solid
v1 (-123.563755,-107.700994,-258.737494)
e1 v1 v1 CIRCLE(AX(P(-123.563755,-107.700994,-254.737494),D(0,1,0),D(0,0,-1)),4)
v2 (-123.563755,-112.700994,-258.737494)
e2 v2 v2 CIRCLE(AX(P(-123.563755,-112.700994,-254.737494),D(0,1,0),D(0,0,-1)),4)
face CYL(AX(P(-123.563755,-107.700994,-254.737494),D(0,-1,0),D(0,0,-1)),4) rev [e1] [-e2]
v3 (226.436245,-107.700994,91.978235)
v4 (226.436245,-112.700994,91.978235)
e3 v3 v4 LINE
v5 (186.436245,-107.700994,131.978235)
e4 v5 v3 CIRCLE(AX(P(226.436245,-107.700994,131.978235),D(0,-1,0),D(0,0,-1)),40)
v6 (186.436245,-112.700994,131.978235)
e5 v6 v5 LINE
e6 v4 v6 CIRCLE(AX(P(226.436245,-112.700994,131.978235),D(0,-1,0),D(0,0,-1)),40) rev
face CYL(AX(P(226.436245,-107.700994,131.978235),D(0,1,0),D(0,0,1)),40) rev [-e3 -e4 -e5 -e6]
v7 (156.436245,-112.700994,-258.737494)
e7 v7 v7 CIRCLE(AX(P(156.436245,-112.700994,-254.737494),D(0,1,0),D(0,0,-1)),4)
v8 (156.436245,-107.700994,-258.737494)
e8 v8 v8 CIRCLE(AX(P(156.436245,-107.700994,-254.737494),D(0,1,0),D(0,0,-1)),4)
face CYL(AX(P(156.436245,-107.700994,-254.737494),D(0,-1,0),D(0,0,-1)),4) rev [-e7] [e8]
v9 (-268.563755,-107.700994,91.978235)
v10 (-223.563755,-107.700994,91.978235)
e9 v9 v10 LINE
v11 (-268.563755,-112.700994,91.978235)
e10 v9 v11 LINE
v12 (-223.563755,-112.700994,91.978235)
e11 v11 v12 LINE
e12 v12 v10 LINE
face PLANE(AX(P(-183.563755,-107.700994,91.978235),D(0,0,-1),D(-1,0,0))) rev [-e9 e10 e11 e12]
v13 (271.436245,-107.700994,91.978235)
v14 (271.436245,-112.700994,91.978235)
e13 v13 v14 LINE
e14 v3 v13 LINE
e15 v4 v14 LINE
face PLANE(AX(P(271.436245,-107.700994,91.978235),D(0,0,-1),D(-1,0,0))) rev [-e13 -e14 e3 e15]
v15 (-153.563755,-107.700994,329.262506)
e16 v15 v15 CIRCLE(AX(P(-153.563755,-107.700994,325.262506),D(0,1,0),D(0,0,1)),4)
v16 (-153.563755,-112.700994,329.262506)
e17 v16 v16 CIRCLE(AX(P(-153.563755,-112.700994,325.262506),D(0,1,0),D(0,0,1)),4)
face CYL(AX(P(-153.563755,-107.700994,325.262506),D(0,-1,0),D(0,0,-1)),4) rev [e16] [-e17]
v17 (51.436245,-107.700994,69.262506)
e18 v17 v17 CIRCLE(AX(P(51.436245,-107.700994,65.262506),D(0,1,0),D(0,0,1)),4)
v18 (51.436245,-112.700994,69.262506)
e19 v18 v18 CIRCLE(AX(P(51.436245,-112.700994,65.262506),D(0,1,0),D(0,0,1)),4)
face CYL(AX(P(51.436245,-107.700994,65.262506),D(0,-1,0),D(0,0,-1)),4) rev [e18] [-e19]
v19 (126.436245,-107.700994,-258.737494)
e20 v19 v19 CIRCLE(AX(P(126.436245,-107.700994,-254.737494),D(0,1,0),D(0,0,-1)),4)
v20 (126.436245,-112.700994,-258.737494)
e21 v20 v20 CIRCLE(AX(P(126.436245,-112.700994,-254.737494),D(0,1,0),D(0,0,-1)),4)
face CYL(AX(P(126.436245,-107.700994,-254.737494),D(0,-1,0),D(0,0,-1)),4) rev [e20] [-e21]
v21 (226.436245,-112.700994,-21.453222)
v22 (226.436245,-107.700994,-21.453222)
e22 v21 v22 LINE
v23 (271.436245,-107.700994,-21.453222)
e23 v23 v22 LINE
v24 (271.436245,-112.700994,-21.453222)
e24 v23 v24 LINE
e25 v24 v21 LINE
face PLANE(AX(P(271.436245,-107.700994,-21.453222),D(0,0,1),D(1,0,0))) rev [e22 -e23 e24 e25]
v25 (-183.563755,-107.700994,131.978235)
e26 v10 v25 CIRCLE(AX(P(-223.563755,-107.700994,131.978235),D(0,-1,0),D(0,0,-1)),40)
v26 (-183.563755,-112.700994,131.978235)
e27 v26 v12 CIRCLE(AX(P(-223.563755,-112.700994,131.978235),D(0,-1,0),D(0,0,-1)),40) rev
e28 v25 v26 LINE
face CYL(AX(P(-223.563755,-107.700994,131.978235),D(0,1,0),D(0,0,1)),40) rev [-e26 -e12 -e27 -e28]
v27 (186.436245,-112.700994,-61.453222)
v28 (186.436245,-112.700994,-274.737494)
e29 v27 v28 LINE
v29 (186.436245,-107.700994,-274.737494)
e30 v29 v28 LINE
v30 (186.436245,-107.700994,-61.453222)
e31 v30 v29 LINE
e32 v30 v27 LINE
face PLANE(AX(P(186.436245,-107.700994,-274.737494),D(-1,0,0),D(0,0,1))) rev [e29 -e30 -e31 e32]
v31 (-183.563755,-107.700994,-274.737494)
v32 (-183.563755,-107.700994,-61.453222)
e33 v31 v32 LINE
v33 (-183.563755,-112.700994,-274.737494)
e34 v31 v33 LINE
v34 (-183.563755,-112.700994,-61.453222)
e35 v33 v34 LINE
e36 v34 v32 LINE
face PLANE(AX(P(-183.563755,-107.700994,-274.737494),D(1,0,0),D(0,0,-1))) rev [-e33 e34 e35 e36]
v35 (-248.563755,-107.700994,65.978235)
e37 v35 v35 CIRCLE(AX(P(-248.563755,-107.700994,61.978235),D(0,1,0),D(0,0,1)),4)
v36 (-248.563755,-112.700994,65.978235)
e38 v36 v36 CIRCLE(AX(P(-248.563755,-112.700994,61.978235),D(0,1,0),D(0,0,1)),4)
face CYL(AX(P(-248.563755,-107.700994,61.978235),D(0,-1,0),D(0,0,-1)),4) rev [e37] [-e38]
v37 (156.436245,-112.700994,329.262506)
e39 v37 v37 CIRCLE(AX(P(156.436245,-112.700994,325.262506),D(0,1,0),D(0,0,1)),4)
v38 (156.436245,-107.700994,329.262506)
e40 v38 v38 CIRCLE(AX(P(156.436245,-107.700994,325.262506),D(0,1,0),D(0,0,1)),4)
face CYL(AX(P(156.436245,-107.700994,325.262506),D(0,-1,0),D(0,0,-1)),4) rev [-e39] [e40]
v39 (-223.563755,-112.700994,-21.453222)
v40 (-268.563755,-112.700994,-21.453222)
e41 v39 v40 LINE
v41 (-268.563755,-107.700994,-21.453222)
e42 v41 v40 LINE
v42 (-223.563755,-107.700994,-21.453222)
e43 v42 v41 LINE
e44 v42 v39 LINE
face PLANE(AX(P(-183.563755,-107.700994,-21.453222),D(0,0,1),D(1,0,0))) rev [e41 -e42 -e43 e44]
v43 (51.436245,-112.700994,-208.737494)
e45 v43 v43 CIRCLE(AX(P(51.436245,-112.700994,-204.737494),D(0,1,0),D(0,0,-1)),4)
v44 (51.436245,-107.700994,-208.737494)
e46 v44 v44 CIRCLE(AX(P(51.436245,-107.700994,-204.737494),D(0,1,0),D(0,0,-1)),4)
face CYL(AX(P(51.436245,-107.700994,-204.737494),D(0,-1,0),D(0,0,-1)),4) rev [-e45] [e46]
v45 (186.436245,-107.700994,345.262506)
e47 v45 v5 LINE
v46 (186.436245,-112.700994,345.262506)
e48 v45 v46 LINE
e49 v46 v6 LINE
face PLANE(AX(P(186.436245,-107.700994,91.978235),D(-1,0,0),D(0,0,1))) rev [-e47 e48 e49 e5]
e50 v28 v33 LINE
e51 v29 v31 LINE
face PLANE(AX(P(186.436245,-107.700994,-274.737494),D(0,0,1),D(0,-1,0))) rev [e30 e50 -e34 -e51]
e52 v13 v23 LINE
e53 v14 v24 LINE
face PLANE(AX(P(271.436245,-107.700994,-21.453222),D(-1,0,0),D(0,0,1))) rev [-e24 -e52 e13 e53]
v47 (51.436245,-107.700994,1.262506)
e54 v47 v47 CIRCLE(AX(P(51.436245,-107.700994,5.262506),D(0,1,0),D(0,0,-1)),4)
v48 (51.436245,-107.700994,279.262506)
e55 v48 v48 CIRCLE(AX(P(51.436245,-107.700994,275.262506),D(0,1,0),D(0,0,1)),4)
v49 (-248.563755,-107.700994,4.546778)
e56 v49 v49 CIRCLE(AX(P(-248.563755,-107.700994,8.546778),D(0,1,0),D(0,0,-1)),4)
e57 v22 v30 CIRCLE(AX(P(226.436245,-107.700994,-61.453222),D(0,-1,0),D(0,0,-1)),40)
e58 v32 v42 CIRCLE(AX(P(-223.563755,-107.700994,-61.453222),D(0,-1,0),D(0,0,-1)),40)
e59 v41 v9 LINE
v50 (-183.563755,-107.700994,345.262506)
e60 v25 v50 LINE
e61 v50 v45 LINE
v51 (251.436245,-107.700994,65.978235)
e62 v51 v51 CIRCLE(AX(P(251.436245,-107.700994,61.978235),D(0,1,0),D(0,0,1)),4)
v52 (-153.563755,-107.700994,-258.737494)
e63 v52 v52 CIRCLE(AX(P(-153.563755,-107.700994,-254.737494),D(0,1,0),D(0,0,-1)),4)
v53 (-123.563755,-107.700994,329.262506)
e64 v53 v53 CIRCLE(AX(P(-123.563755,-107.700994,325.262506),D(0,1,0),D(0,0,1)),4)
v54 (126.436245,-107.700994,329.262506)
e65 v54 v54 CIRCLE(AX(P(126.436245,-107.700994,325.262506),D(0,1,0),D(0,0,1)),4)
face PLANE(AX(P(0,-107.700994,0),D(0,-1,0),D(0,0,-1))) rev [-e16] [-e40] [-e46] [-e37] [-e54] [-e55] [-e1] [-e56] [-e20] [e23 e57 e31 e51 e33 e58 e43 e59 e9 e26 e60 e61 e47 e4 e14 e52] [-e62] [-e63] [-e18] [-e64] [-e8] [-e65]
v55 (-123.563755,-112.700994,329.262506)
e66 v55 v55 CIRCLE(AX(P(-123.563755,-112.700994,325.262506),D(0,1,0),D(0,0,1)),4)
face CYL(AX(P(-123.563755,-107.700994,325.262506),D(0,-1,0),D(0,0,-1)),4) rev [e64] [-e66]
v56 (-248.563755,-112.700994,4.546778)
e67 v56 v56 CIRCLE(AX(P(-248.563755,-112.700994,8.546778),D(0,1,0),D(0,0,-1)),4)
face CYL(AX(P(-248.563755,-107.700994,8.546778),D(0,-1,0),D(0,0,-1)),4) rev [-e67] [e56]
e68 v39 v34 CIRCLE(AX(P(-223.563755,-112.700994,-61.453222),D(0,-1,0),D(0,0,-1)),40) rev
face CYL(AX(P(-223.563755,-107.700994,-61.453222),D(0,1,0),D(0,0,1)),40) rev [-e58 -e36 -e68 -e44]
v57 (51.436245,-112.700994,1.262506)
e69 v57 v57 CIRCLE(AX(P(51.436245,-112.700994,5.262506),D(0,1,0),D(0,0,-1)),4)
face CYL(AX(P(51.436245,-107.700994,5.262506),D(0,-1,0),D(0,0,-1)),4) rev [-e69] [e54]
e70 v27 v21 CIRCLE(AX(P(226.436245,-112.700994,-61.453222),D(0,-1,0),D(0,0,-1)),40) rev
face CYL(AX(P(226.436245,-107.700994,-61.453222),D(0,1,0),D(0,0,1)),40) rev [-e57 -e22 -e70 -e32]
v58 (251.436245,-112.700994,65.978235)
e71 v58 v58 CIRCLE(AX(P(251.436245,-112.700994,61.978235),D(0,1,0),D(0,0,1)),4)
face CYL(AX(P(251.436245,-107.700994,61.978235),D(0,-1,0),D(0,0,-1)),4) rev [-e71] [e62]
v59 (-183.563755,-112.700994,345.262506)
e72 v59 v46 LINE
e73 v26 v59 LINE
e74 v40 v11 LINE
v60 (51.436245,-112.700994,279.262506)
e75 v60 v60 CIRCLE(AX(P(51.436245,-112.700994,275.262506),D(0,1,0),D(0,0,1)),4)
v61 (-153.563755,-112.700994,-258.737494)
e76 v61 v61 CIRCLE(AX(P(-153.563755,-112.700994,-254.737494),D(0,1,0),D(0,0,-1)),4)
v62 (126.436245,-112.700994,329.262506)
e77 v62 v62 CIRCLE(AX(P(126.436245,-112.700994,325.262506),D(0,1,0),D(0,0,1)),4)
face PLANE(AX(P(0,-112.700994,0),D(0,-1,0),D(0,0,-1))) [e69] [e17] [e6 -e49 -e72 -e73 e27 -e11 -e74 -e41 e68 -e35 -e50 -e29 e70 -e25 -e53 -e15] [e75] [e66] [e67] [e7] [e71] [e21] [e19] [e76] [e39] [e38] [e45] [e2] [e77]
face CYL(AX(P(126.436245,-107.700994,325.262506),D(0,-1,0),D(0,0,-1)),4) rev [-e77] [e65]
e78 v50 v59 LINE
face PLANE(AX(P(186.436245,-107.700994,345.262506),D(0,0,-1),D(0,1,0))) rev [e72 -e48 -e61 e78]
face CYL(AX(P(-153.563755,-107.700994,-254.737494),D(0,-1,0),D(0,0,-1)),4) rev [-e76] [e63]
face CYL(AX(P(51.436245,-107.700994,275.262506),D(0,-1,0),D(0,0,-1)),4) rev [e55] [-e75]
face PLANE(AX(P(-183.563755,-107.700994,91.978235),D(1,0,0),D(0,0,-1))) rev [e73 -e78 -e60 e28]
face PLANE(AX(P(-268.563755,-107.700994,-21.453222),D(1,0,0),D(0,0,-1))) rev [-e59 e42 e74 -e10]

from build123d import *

# Parameters (mm, degrees)
SKETCH2_R           = 4
BOSS_EXTRUDE1_DEPTH = 5
FILLET1_R           = 40


with BuildPart() as part:
    # Sketch2 → Boss-Extrude1 (new body)
    with BuildSketch(Plane(origin=(0, -112.700994014, 0), x_dir=(1, 0, 0), z_dir=(0, 1, 0))):
        Polygon((271.436244825, 21.453222376), (186.436244825, 21.453222376), (186.436244825, 274.737493623), (-183.563755175, 274.737493623), (-183.563755175, 21.453222376), (-268.563755175, 21.453222376), (-268.563755175, -91.978235129), (-183.563755175, -91.978235129), (-183.563755175, -345.262506377), (186.436244825, -345.262506377), (186.436244825, -91.978235129), (271.436244825, -91.978235129), align=None)
        with Locations(Location((156.436244825, -325.262506377, 0), (0, 0, 270))):
            Circle(SKETCH2_R, mode=Mode.SUBTRACT)
        with Locations(Location((126.436244825, -325.262506377, 0), (0, 0, 270))):
            Circle(SKETCH2_R, mode=Mode.SUBTRACT)
        with Locations(Location((251.436244825, -61.978235129, 0), (0, 0, 270))):
            Circle(SKETCH2_R, mode=Mode.SUBTRACT)
        with Locations(Location((-153.563755175, -325.262506377, 0), (0, 0, 270))):
            Circle(SKETCH2_R, mode=Mode.SUBTRACT)
        with Locations(Location((-123.563755175, -325.262506377, 0), (0, 0, 270))):
            Circle(SKETCH2_R, mode=Mode.SUBTRACT)
        with Locations(Location((-248.563755175, -61.978235129, 0), (0, 0, 270))):
            Circle(SKETCH2_R, mode=Mode.SUBTRACT)
        with Locations(Location((51.436244825, -275.262506377, 0), (0, 0, 270))):
            Circle(SKETCH2_R, mode=Mode.SUBTRACT)
        with Locations(Location((51.436244825, -65.262506377, 0), (0, 0, 270))):
            Circle(SKETCH2_R, mode=Mode.SUBTRACT)
        with Locations(Location((51.436244825, -5.262506377, 0), (0, 0, 90))):
            Circle(SKETCH2_R, mode=Mode.SUBTRACT)
        with Locations(Location((51.436244825, 204.737493623, 0), (0, 0, 90))):
            Circle(SKETCH2_R, mode=Mode.SUBTRACT)
        with Locations(Location((-248.563755175, -8.546777624, 0), (0, 0, 90))):
            Circle(SKETCH2_R, mode=Mode.SUBTRACT)
        with Locations(Location((-123.563755175, 254.737493623, 0), (0, 0, 90))):
            Circle(SKETCH2_R, mode=Mode.SUBTRACT)
        with Locations(Location((-153.563755175, 254.737493623, 0), (0, 0, 90))):
            Circle(SKETCH2_R, mode=Mode.SUBTRACT)
        with Locations(Location((126.436244825, 254.737493623, 0), (0, 0, 90))):
            Circle(SKETCH2_R, mode=Mode.SUBTRACT)
        with Locations(Location((156.436244825, 254.737493623, 0), (0, 0, 90))):
            Circle(SKETCH2_R, mode=Mode.SUBTRACT)
    extrude(amount=BOSS_EXTRUDE1_DEPTH)

    # Fillet1
    fillet1_edges = [part.edges().sort_by_distance(p)[0] for p in [
        (186.436244825, -110.200994014, -21.453222376),
        (186.436244825, -110.200994014, 91.978235129),
        (-183.563755175, -110.200994014, 91.978235129),
        (-183.563755175, -110.200994014, -21.453222376),
    ]]
    fillet(fillet1_edges, radius=FILLET1_R)


solid = part.part
